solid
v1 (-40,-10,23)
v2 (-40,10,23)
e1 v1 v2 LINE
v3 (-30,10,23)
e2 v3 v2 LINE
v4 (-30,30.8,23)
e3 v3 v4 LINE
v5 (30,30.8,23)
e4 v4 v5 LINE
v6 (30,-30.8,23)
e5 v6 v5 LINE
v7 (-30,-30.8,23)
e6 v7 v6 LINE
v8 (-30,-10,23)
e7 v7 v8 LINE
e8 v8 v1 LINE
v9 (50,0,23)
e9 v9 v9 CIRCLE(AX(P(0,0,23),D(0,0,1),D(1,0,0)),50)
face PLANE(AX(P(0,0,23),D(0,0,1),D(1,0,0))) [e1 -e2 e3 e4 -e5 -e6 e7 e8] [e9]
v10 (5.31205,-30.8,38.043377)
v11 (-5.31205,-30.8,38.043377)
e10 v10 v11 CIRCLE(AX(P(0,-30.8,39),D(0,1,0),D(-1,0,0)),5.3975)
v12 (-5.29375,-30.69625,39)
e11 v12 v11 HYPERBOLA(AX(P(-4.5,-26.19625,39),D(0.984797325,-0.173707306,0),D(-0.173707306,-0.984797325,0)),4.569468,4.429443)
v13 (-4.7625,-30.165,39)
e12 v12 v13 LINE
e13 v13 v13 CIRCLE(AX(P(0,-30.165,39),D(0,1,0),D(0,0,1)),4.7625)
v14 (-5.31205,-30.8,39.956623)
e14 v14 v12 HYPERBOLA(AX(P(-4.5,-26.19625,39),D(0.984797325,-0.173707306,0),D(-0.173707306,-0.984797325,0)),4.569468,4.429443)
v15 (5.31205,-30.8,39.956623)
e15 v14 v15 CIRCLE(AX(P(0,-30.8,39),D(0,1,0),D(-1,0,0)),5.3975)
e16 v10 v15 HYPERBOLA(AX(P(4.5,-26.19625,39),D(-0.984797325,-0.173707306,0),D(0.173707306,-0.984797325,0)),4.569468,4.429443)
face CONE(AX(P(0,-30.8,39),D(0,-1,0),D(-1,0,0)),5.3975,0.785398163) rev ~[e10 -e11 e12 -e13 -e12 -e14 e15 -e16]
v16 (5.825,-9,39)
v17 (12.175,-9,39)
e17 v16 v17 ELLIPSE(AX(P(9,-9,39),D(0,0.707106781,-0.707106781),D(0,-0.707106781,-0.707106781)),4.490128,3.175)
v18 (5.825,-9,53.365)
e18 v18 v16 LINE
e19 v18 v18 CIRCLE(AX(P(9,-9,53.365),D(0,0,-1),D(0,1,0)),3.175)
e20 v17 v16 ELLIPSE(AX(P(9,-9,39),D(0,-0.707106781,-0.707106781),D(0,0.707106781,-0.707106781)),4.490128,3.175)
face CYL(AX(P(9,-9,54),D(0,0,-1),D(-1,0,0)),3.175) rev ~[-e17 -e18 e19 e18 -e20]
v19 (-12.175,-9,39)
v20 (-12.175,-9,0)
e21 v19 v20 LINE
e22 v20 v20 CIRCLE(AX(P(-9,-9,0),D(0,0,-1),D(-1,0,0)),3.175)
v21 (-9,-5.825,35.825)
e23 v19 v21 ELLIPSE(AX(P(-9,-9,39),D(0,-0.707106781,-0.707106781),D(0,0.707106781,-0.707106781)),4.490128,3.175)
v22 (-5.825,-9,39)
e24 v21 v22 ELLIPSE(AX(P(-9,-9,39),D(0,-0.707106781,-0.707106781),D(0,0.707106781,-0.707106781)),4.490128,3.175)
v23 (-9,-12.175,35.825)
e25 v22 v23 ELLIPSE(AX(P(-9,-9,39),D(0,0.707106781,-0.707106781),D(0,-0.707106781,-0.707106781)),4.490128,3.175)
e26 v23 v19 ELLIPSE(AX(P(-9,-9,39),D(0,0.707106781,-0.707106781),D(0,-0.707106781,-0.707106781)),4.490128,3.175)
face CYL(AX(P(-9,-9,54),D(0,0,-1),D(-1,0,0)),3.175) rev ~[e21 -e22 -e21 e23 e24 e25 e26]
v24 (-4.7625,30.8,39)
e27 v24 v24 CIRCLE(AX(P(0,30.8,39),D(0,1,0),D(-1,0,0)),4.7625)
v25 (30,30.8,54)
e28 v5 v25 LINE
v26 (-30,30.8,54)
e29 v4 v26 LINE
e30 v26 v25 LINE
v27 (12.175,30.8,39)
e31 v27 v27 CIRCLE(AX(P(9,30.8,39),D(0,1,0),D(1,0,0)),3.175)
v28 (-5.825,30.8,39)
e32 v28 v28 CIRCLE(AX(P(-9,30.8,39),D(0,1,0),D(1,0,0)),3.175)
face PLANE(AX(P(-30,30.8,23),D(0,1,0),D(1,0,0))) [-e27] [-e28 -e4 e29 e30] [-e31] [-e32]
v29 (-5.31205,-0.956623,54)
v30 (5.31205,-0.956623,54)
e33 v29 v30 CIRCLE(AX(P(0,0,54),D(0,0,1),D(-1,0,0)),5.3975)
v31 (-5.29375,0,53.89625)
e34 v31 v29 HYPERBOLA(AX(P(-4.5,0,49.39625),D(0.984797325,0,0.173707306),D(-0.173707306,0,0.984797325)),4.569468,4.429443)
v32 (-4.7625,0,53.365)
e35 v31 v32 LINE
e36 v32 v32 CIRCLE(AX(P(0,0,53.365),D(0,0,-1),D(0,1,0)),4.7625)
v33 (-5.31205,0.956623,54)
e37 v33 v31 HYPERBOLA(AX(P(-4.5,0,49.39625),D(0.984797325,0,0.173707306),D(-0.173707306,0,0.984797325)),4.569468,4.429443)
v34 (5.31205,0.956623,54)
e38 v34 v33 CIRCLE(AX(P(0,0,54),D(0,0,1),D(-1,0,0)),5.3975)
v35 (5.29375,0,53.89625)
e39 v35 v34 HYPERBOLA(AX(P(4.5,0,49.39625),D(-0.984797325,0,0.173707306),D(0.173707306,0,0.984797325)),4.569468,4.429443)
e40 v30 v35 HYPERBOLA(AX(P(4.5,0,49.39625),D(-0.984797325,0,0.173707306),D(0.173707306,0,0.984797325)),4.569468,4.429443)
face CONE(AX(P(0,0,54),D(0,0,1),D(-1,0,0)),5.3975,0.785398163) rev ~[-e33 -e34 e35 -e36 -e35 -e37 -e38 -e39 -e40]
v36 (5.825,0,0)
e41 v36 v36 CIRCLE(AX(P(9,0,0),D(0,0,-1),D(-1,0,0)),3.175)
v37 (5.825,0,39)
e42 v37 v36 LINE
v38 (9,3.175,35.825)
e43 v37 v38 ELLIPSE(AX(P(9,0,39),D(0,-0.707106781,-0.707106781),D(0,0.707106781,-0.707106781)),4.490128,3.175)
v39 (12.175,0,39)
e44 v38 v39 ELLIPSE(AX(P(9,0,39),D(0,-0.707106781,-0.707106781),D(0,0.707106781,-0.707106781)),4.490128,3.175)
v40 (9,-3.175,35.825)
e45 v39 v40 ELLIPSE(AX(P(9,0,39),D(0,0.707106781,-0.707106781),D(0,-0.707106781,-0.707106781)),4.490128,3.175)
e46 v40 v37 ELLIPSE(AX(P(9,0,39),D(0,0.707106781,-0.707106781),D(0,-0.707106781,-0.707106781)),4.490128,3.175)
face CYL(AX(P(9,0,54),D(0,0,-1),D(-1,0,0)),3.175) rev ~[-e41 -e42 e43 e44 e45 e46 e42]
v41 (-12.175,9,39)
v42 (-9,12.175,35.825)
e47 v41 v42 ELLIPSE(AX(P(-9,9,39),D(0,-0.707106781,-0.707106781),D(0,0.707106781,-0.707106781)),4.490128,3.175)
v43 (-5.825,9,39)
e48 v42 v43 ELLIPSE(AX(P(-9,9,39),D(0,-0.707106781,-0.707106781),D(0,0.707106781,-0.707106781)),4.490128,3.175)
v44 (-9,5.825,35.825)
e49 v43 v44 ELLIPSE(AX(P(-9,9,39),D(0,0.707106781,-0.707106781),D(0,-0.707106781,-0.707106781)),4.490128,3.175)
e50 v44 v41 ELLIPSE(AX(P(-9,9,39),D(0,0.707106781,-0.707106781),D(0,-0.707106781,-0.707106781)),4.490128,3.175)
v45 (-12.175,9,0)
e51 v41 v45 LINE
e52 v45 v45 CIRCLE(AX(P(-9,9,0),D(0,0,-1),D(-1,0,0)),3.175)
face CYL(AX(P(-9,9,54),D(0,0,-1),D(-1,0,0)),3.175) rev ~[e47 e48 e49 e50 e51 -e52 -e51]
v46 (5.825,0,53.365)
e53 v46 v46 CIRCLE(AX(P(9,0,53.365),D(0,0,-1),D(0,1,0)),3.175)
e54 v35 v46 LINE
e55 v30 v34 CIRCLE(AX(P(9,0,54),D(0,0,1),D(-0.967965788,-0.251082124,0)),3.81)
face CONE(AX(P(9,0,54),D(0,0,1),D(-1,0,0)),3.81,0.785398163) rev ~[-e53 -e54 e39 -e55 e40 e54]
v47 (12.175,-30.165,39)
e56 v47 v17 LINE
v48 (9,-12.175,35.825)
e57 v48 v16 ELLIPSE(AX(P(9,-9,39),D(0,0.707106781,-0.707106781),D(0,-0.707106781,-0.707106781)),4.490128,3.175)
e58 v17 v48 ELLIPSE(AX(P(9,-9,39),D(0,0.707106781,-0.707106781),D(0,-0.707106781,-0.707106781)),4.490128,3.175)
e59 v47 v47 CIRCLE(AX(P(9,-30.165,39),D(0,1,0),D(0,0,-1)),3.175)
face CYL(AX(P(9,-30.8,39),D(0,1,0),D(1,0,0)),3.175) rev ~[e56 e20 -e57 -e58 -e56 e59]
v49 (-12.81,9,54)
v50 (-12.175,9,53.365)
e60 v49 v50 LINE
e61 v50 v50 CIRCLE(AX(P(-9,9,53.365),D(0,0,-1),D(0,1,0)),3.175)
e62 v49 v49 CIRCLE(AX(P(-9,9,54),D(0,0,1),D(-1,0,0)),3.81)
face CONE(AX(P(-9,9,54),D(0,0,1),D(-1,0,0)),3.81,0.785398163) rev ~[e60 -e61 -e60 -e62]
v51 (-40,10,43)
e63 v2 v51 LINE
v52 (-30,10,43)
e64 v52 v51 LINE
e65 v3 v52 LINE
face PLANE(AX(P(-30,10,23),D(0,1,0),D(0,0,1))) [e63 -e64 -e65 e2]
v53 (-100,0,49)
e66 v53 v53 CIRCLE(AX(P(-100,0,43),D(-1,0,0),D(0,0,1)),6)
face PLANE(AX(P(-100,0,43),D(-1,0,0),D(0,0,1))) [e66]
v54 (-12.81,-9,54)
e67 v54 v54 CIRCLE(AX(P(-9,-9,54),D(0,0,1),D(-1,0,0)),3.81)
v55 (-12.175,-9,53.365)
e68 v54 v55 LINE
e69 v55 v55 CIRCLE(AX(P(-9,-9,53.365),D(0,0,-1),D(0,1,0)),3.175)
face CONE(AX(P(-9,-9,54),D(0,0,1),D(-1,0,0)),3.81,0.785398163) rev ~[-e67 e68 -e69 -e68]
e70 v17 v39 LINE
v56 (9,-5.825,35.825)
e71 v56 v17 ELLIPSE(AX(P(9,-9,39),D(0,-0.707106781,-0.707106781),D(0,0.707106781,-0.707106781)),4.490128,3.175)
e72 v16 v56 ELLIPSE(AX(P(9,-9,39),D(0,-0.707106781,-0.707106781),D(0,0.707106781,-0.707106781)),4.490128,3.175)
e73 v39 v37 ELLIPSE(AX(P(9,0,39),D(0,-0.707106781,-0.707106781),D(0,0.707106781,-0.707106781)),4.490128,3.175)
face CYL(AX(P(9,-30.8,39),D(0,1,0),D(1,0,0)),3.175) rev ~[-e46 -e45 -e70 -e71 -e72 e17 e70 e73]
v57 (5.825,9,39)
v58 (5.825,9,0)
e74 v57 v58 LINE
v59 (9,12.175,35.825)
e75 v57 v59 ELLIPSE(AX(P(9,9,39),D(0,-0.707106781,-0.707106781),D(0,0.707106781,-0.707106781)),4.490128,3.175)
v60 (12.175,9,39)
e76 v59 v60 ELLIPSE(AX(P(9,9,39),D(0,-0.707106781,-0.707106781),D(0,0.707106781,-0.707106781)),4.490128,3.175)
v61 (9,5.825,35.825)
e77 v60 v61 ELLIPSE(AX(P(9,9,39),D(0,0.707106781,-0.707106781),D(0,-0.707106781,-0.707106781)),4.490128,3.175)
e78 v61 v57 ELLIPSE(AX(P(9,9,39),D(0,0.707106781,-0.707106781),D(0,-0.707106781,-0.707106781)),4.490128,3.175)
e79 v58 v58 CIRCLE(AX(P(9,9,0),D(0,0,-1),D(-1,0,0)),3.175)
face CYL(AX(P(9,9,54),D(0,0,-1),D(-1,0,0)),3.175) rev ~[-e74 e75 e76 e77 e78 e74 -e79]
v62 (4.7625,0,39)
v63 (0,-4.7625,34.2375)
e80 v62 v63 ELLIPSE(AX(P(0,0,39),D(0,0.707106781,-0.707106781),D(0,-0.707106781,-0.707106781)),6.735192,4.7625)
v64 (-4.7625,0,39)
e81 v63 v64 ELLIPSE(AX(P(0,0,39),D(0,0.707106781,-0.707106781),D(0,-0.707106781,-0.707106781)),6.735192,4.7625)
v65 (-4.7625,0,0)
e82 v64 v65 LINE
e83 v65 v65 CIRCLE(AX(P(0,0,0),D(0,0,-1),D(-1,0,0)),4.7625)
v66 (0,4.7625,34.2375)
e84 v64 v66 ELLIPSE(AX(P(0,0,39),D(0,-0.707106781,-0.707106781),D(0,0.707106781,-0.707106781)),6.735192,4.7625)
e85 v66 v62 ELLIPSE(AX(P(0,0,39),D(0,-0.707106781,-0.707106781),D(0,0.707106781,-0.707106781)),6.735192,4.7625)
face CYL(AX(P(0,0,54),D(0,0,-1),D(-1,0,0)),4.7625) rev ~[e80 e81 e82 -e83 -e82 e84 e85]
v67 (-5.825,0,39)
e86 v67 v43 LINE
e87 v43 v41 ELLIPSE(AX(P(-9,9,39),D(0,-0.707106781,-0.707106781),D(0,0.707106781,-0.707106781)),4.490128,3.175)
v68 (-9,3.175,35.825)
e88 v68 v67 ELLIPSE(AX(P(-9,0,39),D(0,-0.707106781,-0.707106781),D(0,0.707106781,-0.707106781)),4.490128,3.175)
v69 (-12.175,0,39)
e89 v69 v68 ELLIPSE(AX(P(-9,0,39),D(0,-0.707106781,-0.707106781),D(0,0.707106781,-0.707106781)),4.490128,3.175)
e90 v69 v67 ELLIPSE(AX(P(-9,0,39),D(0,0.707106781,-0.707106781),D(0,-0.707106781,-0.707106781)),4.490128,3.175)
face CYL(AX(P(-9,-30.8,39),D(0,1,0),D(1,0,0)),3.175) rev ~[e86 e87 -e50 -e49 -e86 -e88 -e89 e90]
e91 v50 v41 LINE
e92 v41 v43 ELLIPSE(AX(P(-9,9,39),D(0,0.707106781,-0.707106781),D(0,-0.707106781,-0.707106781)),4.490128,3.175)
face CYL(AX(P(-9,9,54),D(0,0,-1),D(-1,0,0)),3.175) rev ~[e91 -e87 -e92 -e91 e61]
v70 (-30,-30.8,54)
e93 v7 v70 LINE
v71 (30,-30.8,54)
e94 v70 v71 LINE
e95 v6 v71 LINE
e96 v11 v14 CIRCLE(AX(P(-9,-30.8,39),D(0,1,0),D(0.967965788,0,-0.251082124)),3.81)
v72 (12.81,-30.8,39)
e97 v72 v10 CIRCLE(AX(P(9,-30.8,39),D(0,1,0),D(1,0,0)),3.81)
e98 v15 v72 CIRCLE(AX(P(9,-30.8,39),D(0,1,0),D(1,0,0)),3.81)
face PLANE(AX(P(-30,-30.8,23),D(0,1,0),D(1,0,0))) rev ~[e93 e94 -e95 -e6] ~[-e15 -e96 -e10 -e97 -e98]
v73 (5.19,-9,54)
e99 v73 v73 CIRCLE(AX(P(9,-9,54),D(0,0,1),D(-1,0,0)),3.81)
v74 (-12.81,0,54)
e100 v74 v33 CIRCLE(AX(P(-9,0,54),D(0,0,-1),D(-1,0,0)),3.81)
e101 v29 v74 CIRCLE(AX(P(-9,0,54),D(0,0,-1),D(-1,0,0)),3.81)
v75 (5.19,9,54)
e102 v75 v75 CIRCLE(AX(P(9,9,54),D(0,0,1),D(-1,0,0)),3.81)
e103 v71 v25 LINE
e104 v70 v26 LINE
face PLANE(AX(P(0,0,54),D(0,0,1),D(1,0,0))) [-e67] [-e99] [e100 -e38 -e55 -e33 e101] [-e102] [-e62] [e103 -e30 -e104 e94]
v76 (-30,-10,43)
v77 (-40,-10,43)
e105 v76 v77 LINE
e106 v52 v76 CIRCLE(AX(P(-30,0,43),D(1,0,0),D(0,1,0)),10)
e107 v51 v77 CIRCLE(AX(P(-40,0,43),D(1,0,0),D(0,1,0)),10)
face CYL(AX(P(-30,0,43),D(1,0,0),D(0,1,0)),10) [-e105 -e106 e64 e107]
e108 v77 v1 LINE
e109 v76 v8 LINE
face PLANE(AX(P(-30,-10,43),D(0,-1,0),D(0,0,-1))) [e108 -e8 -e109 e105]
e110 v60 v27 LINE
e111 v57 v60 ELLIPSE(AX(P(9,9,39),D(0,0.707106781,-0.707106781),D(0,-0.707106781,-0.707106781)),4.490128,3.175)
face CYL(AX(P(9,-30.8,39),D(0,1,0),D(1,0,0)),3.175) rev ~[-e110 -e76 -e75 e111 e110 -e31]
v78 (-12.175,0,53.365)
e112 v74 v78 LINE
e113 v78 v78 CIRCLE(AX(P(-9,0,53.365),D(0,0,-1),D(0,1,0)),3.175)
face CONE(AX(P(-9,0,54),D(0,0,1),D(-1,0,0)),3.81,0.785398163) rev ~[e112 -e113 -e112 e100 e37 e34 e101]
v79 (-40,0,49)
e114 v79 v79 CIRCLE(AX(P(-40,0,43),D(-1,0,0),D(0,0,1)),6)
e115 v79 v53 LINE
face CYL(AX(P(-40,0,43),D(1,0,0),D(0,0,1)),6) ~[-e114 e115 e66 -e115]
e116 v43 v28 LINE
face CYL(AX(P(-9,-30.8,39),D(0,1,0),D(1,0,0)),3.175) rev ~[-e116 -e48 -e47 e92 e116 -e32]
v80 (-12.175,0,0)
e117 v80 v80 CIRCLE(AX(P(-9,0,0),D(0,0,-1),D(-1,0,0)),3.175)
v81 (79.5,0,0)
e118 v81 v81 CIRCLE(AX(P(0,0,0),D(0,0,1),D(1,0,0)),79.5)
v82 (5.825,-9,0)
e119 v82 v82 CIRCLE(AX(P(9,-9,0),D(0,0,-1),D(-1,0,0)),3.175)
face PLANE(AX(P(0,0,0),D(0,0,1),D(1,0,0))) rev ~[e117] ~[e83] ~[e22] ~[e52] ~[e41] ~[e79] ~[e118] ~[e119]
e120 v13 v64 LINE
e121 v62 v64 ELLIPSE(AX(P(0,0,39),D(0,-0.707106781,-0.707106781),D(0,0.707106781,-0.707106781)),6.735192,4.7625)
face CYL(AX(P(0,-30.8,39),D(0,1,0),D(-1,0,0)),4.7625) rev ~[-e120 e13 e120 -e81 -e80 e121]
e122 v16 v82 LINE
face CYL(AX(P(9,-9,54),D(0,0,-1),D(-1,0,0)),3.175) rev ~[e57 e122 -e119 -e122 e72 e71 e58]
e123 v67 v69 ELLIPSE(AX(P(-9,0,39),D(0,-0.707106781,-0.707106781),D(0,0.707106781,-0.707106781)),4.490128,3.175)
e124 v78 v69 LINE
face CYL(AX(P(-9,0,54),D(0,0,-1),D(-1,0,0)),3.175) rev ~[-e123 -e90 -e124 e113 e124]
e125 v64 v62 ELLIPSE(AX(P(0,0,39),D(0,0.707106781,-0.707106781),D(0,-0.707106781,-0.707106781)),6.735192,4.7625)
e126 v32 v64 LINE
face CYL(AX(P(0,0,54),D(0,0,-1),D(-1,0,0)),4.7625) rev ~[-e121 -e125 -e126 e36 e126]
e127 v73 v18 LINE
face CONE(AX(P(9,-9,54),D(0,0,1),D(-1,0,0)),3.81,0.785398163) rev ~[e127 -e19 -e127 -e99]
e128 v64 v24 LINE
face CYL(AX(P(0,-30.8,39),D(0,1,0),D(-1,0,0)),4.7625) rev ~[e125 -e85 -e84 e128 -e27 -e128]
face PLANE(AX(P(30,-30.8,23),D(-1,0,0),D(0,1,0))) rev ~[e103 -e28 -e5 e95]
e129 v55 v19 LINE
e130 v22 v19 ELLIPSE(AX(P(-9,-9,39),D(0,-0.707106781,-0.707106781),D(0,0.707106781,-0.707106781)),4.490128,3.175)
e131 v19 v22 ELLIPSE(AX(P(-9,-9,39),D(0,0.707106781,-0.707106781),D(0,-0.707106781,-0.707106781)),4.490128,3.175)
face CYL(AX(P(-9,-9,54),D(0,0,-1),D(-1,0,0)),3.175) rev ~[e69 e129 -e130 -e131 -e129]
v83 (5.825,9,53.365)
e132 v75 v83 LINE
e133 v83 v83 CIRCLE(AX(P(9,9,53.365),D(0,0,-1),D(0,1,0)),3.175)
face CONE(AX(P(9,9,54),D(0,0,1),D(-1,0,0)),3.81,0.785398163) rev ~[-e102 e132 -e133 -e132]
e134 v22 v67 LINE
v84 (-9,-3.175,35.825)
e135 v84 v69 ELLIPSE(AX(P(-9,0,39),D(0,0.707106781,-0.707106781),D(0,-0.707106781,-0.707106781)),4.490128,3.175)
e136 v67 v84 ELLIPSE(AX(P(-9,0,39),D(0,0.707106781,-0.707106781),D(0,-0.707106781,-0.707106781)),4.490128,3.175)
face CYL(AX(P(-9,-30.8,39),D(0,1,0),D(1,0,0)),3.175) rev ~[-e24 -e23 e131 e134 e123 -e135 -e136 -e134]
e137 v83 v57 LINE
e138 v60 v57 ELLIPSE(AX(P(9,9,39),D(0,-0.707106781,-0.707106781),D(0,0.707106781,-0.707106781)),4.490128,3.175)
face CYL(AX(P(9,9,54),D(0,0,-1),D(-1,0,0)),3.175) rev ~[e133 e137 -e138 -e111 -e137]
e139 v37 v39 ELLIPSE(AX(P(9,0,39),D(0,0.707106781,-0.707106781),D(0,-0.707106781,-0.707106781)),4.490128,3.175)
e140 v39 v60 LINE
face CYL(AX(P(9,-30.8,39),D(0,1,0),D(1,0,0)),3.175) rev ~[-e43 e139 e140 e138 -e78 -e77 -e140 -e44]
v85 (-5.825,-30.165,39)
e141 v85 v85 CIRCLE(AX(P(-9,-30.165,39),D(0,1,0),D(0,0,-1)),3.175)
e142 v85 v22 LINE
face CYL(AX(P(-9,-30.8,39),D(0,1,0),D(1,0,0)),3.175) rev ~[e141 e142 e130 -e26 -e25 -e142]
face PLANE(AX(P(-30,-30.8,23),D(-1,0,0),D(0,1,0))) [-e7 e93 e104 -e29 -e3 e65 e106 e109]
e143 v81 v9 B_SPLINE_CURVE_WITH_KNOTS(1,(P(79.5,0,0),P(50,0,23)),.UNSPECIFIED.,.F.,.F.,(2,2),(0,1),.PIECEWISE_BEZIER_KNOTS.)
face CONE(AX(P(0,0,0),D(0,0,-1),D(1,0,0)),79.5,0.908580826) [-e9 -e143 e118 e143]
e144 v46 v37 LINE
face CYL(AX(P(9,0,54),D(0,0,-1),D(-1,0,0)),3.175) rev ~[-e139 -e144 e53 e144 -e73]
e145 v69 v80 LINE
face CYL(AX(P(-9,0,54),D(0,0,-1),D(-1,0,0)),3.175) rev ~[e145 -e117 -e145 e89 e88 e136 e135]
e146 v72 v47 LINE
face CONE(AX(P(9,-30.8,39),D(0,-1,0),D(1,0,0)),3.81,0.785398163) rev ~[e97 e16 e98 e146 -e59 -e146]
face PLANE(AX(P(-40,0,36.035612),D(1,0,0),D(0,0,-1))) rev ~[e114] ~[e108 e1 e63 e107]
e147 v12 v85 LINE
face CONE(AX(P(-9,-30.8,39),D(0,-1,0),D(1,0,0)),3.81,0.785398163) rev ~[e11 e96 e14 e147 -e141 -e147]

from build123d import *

# Parameters (mm, degrees)
SKETCH_2_R                          = 79.5
SKETCH_3_R                          = 50
SKETCH_4_W                          = 60
SKETCH_4_H                          = 61.6
EXTRUDE_1_DEPTH                     = 31
EXTRUDE_2_DEPTH                     = 10
SKETCH_6_R                          = 6
EXTRUDE_3_DEPTH                     = 60
HOLE_WIZARD_3_8_0_375_1_D           = 9.525
HOLE_WIZARD_3_8_0_375_1_CSINK_D     = 10.795
HOLE_WIZARD_3_8_0_375_1_CSINK_ANGLE = 90
HOLE_WIZARD_1_4_0_25_1_D            = 6.35
HOLE_WIZARD_1_4_0_25_1_CSINK_D      = 7.62
HOLE_WIZARD_1_4_0_25_1_CSINK_ANGLE  = 90
HOLE_WIZARD_3_8_0_375_2_D           = 9.525
HOLE_WIZARD_3_8_0_375_2_CSINK_D     = 10.795
HOLE_WIZARD_3_8_0_375_2_CSINK_ANGLE = 90
HOLE_WIZARD_1_4_0_25_2_D            = 6.35
HOLE_WIZARD_1_4_0_25_2_CSINK_D      = 7.62
HOLE_WIZARD_1_4_0_25_2_CSINK_ANGLE  = 90


with BuildPart() as part:
    # 草图2 → 放样1 section 0
    with BuildSketch(Plane.XY):
        Circle(SKETCH_2_R)
    # 草图3 → 放样1 section 1
    with BuildSketch(Plane.XY.offset(23)):
        Circle(SKETCH_3_R)
    loft()

    # 草图4 → 凸台-拉伸1 (add)
    with BuildSketch(Plane.XY.offset(23)):
        Rectangle(SKETCH_4_W, SKETCH_4_H)
    extrude(amount=EXTRUDE_1_DEPTH)

    # 草图5 → 凸台-拉伸2 (add)
    with BuildSketch(Plane.ZY.offset(30)):
        with BuildLine():
            Line((23, 10), (43, 10))
            ThreePointArc((43, 10), (53, 0), (43, -10))
            Line((43, -10), (23, -10))
            Line((23, -10), (23, 10))
        make_face()
    extrude(amount=EXTRUDE_2_DEPTH)

    # 草图6 → 凸台-拉伸3 (add)
    with BuildSketch(Plane.ZY.offset(40)):
        with Locations((43, 0)):
            Circle(SKETCH_6_R)
    extrude(amount=EXTRUDE_3_DEPTH)

    # 3/8 (0.375) 直径孔1 (through all)
    with Locations(Plane.XY.offset(54)):
        with Locations((0, 0)):
            CounterSinkHole(HOLE_WIZARD_3_8_0_375_1_D / 2, HOLE_WIZARD_3_8_0_375_1_CSINK_D / 2, counter_sink_angle=HOLE_WIZARD_3_8_0_375_1_CSINK_ANGLE)

    # 1/4 (0.25) 直径孔1 (through all)
    with Locations(Plane.XY.offset(54)):
        with Locations((9, 9), (-9, 9), (-9, 0), (-9, -9), (9, -9), (9, 0)):
            CounterSinkHole(HOLE_WIZARD_1_4_0_25_1_D / 2, HOLE_WIZARD_1_4_0_25_1_CSINK_D / 2, counter_sink_angle=HOLE_WIZARD_1_4_0_25_1_CSINK_ANGLE)

    # 3/8 (0.375) 直径孔2 (through all)
    with Locations(Plane.XZ.offset(30.8)):
        with Locations((0, 39)):
            CounterSinkHole(HOLE_WIZARD_3_8_0_375_2_D / 2, HOLE_WIZARD_3_8_0_375_2_CSINK_D / 2, counter_sink_angle=HOLE_WIZARD_3_8_0_375_2_CSINK_ANGLE)

    # 1/4 (0.25) 直径孔2 (through all)
    with Locations(Plane(origin=(0, -30.8, 0), x_dir=(-1, 0, 0), z_dir=(0, -1, 0))):
        with Locations((9, -39), (-9, -39)):
            CounterSinkHole(HOLE_WIZARD_1_4_0_25_2_D / 2, HOLE_WIZARD_1_4_0_25_2_CSINK_D / 2, counter_sink_angle=HOLE_WIZARD_1_4_0_25_2_CSINK_ANGLE)


solid = part.part
